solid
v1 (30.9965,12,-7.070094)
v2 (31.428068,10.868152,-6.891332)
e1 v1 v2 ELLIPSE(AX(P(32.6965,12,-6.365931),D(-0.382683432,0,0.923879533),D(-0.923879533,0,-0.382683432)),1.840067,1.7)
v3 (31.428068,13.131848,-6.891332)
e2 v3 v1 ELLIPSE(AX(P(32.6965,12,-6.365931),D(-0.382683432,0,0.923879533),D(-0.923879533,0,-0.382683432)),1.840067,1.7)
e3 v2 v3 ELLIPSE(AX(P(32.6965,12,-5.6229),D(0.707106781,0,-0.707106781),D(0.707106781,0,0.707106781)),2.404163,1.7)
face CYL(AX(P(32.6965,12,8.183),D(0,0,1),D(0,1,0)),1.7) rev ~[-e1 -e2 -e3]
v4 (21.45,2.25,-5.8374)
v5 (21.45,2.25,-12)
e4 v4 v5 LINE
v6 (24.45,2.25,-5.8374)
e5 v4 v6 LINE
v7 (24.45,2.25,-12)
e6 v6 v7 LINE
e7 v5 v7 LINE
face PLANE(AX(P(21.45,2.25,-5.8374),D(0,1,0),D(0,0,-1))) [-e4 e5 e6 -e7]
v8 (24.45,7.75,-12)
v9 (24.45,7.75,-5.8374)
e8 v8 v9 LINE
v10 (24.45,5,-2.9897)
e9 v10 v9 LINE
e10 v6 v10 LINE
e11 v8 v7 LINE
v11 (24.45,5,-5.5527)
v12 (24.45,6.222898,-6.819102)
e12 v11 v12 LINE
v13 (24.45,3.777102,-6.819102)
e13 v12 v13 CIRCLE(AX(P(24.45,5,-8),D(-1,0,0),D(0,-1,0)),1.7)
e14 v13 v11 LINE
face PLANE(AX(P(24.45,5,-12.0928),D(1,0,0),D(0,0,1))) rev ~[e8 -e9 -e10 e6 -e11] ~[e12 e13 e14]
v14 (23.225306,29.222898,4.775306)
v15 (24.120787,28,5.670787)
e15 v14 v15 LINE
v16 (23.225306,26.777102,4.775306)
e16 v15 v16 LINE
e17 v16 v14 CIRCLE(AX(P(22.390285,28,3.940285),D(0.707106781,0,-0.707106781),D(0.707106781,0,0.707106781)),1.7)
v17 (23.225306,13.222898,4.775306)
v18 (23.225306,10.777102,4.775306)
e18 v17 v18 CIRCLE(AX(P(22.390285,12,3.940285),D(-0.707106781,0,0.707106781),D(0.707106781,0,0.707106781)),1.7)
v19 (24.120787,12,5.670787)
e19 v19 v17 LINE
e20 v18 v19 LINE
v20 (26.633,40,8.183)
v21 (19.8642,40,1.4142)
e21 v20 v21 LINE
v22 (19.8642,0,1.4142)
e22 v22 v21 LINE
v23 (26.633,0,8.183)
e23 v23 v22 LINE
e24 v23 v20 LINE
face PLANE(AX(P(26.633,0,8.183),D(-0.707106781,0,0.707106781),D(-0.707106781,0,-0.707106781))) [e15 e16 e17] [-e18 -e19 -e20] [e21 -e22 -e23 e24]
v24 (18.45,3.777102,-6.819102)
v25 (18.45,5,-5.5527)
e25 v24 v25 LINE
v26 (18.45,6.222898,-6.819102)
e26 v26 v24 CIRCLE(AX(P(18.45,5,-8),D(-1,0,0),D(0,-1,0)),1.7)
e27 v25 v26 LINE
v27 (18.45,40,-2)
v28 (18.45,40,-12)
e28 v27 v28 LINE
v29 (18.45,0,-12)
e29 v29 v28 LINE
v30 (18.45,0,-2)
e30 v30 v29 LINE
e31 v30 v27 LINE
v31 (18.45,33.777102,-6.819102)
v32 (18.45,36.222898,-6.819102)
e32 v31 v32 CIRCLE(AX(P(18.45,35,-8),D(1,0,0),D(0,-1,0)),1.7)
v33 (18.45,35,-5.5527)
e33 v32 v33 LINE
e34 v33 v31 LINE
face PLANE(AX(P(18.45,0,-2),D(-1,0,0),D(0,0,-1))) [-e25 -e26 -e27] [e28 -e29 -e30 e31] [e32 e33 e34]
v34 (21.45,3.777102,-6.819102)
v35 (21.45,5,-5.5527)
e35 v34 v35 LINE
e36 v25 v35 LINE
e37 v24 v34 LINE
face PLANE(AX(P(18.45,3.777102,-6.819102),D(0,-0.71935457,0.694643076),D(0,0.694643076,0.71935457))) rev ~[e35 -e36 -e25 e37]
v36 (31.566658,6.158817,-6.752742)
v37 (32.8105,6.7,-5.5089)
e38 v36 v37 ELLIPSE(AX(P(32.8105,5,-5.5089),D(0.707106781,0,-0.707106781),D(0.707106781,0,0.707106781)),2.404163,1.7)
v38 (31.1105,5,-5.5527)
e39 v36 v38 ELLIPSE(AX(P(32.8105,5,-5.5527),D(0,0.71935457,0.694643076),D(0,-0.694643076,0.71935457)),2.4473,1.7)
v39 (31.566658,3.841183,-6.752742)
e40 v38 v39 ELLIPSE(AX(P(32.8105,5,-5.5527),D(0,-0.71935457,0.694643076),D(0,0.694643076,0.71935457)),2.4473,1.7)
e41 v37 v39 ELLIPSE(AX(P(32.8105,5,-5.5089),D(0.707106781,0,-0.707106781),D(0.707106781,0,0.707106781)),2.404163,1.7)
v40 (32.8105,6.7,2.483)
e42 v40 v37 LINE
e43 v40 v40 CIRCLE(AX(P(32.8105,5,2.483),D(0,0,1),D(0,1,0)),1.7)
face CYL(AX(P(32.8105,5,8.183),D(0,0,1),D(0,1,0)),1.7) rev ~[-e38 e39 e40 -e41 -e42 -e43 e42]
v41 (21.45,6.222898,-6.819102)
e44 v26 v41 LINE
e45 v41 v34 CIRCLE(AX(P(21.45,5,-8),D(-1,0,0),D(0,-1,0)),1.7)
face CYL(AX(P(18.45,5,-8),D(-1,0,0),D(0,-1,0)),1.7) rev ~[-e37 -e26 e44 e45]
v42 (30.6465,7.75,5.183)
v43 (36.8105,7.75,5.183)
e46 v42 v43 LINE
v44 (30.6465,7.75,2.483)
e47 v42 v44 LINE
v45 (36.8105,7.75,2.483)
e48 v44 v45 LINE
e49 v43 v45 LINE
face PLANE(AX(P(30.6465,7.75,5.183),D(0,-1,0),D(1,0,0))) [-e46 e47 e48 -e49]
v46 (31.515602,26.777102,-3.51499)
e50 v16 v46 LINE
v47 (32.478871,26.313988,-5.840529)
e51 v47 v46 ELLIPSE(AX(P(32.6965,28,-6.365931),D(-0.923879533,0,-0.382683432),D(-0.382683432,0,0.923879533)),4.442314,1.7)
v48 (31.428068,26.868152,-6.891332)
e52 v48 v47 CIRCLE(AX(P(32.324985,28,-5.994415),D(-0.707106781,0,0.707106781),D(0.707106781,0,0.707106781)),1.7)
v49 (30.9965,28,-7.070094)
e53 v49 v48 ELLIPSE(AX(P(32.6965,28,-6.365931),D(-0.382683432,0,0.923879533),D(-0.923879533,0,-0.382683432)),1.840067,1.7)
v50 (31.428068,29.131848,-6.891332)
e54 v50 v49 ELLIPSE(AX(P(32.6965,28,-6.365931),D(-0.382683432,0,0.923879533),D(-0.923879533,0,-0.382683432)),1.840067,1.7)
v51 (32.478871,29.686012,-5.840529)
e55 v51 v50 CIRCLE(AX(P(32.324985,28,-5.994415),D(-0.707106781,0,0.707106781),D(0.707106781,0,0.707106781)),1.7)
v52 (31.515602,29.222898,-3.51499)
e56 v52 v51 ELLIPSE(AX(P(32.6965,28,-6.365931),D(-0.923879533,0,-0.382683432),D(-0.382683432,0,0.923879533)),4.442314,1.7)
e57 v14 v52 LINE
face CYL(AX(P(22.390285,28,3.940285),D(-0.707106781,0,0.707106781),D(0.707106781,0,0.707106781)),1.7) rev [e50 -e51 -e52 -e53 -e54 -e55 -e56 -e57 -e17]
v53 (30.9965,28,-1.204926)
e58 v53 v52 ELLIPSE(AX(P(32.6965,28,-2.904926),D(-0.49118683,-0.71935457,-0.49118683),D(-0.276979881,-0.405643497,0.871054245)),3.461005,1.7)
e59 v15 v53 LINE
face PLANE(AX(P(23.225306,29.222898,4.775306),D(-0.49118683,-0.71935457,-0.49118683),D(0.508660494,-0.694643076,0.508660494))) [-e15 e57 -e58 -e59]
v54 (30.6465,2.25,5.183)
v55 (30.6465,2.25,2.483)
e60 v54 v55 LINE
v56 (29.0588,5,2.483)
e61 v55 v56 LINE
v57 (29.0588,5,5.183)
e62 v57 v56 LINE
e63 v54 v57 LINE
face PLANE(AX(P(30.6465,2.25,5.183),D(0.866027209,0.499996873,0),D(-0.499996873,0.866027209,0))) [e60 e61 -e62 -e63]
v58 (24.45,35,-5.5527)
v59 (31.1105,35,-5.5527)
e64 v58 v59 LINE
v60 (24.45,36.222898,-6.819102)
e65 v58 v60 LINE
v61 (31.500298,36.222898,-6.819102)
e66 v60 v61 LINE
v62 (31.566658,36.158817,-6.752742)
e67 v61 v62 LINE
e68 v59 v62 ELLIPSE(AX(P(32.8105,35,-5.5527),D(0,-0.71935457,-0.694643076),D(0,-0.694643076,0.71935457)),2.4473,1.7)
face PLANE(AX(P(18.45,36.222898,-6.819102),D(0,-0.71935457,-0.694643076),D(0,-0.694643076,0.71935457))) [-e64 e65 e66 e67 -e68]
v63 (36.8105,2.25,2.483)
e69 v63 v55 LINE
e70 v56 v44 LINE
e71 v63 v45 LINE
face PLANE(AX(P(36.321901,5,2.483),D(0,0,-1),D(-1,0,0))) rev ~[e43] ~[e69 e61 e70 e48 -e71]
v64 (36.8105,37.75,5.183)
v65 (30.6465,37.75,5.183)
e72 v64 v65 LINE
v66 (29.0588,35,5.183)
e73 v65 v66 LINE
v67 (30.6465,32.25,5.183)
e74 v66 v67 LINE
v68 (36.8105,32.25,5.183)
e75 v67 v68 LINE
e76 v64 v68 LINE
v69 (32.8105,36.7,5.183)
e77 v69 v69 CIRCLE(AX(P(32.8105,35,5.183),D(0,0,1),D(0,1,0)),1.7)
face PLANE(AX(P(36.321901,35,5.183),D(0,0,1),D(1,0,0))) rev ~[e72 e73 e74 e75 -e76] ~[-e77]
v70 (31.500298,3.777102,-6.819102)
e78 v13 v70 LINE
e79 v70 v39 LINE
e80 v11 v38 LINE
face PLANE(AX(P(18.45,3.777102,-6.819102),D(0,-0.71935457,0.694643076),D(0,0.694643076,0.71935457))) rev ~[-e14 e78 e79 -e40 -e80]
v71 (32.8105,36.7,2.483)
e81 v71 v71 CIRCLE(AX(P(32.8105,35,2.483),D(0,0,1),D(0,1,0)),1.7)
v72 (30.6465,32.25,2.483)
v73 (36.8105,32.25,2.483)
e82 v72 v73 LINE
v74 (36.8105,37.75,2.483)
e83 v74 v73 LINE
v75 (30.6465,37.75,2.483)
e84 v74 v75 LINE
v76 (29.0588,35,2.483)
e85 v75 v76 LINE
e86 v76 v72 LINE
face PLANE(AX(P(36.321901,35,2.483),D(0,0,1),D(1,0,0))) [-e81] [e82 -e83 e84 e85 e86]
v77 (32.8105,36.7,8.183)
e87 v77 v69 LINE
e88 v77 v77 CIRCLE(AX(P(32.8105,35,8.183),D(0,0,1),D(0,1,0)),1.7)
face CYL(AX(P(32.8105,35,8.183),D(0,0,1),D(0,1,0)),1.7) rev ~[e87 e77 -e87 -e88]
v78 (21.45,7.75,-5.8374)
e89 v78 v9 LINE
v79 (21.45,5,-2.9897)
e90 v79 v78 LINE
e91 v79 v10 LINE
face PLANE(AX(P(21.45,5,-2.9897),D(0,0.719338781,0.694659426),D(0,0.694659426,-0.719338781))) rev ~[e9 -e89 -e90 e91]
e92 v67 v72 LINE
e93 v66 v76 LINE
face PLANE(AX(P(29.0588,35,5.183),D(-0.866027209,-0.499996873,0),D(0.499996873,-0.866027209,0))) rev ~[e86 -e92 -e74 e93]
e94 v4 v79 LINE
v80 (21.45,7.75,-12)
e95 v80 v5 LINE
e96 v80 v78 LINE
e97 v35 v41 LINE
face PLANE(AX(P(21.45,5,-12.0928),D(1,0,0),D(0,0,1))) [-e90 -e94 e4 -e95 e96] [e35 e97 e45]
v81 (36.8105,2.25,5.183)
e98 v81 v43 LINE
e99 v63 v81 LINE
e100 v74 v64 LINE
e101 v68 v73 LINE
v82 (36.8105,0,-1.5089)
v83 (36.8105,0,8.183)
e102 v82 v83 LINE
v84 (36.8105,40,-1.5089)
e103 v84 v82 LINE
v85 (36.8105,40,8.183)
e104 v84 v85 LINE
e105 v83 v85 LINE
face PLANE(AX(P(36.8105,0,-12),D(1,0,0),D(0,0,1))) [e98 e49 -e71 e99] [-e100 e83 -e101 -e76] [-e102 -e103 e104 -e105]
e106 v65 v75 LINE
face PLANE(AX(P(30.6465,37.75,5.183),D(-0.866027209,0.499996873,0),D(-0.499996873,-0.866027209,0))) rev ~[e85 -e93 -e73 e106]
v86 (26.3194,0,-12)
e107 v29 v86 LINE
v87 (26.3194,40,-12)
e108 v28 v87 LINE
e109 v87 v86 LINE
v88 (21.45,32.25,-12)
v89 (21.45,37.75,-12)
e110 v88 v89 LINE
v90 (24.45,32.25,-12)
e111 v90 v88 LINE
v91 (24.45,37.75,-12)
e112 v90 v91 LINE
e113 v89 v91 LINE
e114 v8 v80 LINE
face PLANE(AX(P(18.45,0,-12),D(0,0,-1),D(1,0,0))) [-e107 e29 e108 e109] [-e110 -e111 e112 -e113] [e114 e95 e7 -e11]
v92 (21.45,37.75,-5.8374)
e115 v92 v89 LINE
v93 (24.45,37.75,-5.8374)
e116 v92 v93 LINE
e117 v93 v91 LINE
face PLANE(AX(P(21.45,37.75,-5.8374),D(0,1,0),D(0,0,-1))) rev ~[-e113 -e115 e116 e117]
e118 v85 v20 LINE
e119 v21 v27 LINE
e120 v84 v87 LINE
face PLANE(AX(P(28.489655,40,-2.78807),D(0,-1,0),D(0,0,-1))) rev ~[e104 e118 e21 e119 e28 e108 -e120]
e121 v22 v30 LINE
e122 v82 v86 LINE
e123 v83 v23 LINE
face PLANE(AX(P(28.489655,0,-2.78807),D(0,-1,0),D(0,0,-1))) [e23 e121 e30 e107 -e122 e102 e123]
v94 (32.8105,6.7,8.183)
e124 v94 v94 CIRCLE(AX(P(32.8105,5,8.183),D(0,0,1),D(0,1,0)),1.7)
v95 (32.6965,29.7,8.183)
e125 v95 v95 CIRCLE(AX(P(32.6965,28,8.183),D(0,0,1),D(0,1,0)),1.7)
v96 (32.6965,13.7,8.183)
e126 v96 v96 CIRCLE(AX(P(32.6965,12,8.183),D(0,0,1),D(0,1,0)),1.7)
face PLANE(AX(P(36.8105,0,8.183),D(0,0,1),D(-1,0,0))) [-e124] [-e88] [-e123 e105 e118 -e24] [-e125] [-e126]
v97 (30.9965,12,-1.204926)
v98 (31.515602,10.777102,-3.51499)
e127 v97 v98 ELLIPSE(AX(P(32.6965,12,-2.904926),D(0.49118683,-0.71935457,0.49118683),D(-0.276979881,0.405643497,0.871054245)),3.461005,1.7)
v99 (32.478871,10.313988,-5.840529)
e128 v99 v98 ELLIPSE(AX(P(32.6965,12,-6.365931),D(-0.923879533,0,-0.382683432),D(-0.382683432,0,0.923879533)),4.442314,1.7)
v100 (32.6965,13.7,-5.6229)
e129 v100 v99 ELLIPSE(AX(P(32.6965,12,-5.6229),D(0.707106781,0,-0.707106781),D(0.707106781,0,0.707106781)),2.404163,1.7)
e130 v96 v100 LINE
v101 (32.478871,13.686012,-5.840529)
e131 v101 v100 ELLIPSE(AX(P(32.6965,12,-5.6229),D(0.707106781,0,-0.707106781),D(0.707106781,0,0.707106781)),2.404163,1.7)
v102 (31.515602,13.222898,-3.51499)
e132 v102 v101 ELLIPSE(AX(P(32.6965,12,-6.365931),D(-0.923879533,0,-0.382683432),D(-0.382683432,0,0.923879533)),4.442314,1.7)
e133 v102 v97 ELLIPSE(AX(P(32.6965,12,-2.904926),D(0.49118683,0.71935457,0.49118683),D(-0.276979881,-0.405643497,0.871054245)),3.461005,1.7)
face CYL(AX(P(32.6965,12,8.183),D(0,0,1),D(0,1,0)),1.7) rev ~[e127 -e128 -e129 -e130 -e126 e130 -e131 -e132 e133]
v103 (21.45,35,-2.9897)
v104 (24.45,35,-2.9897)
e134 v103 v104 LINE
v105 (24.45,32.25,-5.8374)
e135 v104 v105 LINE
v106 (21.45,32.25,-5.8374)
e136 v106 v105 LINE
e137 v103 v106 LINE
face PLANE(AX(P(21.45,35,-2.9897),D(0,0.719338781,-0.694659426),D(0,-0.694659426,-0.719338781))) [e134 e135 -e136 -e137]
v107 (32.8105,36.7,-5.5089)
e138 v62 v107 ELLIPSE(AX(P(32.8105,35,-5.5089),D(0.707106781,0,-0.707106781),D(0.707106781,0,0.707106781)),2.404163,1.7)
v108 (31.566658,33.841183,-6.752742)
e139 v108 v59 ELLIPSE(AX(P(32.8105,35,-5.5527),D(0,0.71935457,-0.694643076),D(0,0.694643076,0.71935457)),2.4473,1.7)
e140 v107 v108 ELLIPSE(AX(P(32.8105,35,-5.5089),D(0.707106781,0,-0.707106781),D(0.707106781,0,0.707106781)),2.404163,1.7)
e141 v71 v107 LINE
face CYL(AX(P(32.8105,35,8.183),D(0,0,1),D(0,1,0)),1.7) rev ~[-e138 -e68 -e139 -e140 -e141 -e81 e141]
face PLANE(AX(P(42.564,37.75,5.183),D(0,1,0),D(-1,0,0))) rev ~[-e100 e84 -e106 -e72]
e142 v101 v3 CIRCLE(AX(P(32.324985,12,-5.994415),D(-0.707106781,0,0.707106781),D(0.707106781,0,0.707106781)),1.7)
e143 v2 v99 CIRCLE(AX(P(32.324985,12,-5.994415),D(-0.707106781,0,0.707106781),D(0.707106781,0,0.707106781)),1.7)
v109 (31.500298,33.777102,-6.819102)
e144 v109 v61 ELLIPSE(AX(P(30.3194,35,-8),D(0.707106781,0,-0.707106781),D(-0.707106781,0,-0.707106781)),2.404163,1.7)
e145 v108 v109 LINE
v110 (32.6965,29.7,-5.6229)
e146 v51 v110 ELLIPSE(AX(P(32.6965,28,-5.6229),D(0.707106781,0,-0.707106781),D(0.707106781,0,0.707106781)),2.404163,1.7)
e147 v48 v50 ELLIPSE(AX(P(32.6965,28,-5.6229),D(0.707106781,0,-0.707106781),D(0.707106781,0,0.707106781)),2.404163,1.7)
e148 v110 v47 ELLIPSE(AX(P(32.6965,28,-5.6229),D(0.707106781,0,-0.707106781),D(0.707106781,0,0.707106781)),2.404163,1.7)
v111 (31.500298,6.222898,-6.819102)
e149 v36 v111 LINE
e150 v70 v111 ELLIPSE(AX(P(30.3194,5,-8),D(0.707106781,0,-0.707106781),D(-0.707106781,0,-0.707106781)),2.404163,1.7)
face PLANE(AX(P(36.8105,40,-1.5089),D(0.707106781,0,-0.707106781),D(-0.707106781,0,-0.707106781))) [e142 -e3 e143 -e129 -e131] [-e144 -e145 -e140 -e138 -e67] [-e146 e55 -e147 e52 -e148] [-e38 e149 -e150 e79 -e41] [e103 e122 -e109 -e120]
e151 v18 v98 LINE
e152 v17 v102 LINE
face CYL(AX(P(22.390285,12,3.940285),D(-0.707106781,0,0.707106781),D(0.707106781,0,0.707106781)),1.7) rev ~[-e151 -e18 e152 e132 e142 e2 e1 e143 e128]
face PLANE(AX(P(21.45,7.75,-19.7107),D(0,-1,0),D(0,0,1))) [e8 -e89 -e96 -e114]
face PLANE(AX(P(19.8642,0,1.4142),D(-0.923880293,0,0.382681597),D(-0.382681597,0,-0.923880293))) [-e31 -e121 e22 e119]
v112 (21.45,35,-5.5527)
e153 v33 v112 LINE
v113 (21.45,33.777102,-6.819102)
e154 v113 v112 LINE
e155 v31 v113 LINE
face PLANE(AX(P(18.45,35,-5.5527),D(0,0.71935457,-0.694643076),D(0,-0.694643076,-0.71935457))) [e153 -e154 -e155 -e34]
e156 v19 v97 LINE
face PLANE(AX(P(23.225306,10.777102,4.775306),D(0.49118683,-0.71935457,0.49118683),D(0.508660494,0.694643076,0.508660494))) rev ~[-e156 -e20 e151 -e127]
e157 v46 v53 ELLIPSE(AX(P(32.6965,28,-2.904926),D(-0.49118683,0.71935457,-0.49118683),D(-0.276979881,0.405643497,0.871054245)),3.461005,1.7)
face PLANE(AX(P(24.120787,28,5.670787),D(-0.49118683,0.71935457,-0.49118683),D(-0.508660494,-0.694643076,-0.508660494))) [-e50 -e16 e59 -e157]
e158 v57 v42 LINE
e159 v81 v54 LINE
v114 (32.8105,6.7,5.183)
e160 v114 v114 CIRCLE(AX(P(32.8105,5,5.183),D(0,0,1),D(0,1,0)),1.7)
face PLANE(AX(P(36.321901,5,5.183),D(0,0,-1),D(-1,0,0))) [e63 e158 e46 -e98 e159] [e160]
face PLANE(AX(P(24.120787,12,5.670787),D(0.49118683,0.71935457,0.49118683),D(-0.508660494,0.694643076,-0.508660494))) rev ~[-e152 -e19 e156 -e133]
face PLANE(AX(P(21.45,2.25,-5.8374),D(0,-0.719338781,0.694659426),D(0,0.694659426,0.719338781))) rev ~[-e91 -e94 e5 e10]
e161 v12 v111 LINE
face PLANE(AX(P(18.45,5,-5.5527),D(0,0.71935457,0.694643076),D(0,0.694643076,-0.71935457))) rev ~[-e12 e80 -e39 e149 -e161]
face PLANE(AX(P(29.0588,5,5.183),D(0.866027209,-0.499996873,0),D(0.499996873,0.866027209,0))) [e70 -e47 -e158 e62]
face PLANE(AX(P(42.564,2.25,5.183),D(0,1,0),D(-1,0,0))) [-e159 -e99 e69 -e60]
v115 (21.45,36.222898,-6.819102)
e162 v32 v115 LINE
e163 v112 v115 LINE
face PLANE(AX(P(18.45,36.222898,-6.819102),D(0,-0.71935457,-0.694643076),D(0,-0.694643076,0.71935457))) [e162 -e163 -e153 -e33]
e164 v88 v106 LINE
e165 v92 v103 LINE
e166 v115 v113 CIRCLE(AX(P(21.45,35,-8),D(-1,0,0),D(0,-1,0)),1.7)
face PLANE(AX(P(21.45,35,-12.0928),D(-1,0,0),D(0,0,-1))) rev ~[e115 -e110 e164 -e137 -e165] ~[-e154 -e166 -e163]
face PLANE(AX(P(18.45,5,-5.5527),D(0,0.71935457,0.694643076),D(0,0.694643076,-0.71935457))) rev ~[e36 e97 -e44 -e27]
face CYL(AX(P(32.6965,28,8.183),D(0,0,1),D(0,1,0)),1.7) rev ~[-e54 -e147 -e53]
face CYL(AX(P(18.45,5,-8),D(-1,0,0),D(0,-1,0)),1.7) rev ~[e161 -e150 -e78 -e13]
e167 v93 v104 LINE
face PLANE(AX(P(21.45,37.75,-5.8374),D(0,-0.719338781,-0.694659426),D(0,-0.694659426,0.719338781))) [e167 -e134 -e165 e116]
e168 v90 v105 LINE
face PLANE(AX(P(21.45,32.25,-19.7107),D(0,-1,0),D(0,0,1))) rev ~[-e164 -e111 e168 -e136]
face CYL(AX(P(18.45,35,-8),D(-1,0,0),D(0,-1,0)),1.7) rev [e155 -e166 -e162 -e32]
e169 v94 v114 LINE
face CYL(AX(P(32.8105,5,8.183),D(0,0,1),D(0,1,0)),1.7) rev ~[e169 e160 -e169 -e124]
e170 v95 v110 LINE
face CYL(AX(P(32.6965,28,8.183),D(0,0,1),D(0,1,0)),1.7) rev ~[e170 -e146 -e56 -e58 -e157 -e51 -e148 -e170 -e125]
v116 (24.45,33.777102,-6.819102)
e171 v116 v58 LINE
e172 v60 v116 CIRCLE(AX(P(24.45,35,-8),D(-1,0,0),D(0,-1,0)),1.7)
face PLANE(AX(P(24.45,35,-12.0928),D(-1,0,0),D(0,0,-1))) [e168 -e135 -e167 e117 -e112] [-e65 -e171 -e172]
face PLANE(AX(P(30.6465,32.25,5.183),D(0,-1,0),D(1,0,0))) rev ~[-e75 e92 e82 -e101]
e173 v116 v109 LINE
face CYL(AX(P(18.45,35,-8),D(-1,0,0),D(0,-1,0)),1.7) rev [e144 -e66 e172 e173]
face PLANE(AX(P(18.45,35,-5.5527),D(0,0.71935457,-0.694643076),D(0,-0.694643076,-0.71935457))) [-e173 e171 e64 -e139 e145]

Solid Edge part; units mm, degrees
sketch "Sketch1" plane through (0, 0, 0) normal (0, -1, 0) x (1, 0, 0)
  line L0 (18.45, -2) -> (18.45, -12)
  line L1 (18.45, -12) -> (36.8105, -12)
  line L2 (36.8105, -12) -> (36.8105, 8.183)
  line L3 (36.8105, 8.183) -> (26.633, 8.183)
  line L4 (26.633, 8.183) -> (19.8642, 1.4142)
  line L5 (19.8642, 1.4142) -> (18.45, -2)
extrude "Protrusion1" add sketch "Sketch1" against normal blind 40
sketch "Sketch2" plane through (18.45, 20, -5.3442) normal (-1, 0, 0) x (0, -1, 0)
  line L0 (16.2229, -1.4749) -> (15, -0.2085)
  line L1 (15, -0.2085) -> (13.7771, -1.4749)
  arc A0 (13.7771, -1.4749) -> (16.2229, -1.4749) centre (15, -2.6558) ccw
  line L2 (-16.2229, -1.4749) -> (-15, -0.2085)
  line L3 (-15, -0.2085) -> (-13.7771, -1.4749)
  arc A1 (-13.7771, -1.4749) -> (-16.2229, -1.4749) centre (-15, -2.6558) cw
extrude "Cutout1" cut sketch "Sketch2" against normal up to next
sketch "Sketch3" plane through (23.5609, 20, 5.1109) normal (-0.7071, 0, 0.7071) x (0.7071, 0, 0.7071)
  line L0 (-0.4746, -9.2229) -> (0.7918, -8)
  line L1 (0.7918, -8) -> (-0.4746, -6.7771)
  arc A0 (-0.4746, -6.7771) -> (-0.4746, -9.2229) centre (-1.6555, -8) ccw
  line L2 (-0.4746, 9.2229) -> (0.7918, 8)
  line L3 (0.7918, 8) -> (-0.4746, 6.7771)
  arc A1 (-0.4746, 6.7771) -> (-0.4746, 9.2229) centre (-1.6555, 8) cw
extrude "ExtrudedCutout_2" cut sketch "Sketch3" against normal blind 30
sketch "Sketch4" plane through (32.7412, 20, 8.183) normal (0, 0, 1) x (0, 1, 0)
  circle A0 centre (-8, 0.0447) radius 1.7
  circle A1 centre (8, 0.0447) radius 1.7
  dimension "D1" = 8
  dimension "D2" = 3.4
  dimension "D3" = 12
  dimension "D4" = 12
extrude "Cutout2" cut sketch "Sketch4" against normal through all
sketch "Sketch5" plane through (29.8265, 40, -2.4295) normal (0, 1, 0) x (1, 0, 0)
  line L0 (-3.5071, 9.5705) -> (6.984, 9.5705)
  line L1 (6.984, 9.5705) -> (6.984, -0.9206)
  line L2 (6.984, -0.9206) -> (-3.5071, 9.5705)
extrude "ExtrudedCutout_5" cut sketch "Sketch5" against normal blind 40
sketch "Sketch6" plane through (31.7217, 20, 8.183) normal (0, 0, 1) x (0, 1, 0)
  circle A0 centre (15, -1.0888) radius 1.7
  circle A1 centre (-15, -1.0888) radius 1.7
  dimension "D1" = 3.4
  dimension "D2" = 5
  dimension "D3" = 3.4
  dimension "D4" = 5
extrude "ExtrudedCutout_11" cut sketch "Sketch6" against normal blind 22
sketch "Sketch7" plane through (31.7217, 20, 5.183) normal (0, 0, 1) x (-1, 0, 0)
  line L0 (-10.8423, -17.75) -> (1.0752, -17.75)
  line L1 (1.0752, -17.75) -> (2.6629, -15)
  line L2 (2.6629, -15) -> (1.0752, -12.25)
  line L3 (1.0752, -12.25) -> (-10.8423, -12.25)
  line L4 (-10.8423, -12.25) -> (-10.8423, -17.75)
  line L5 (-10.8423, 17.75) -> (1.0752, 17.75)
  line L6 (1.0752, 17.75) -> (2.6629, 15)
  line L7 (2.6629, 15) -> (1.0752, 12.25)
  line L8 (1.0752, 12.25) -> (-10.8423, 12.25)
  line L9 (-10.8423, 12.25) -> (-10.8423, 17.75)
  dimension "D1" = 5.5
  dimension "D2" = 20
extrude "ExtrudedCutout_12" cut sketch "Sketch7" against normal blind 2.7
sketch "Sketch8" plane through (21.45, 20, -7) normal (-1, 0, 0) x (0, -1, 0)
  line L0 (-17.75, 1.1626) -> (-17.75, -12.7107)
  line L1 (-17.75, -12.7107) -> (-12.25, -12.7107)
  line L2 (-12.25, -12.7107) -> (-12.25, 1.1626)
  line L3 (-15, 4.0103) -> (-12.25, 1.1626)
  line L4 (-17.75, 1.1626) -> (-15, 4.0103)
  line L5 (17.75, 1.1626) -> (17.75, -12.7107)
  line L6 (17.75, -12.7107) -> (12.25, -12.7107)
  line L7 (12.25, -12.7107) -> (12.25, 1.1626)
  line L8 (15, 4.0103) -> (12.25, 1.1626)
  line L9 (17.75, 1.1626) -> (15, 4.0103)
  dimension "D1" = 5.5
  dimension "D2" = 20
  dimension "D3" = 5.5
extrude "ExtrudedCutout_13" cut sketch "Sketch8" against normal blind 3
